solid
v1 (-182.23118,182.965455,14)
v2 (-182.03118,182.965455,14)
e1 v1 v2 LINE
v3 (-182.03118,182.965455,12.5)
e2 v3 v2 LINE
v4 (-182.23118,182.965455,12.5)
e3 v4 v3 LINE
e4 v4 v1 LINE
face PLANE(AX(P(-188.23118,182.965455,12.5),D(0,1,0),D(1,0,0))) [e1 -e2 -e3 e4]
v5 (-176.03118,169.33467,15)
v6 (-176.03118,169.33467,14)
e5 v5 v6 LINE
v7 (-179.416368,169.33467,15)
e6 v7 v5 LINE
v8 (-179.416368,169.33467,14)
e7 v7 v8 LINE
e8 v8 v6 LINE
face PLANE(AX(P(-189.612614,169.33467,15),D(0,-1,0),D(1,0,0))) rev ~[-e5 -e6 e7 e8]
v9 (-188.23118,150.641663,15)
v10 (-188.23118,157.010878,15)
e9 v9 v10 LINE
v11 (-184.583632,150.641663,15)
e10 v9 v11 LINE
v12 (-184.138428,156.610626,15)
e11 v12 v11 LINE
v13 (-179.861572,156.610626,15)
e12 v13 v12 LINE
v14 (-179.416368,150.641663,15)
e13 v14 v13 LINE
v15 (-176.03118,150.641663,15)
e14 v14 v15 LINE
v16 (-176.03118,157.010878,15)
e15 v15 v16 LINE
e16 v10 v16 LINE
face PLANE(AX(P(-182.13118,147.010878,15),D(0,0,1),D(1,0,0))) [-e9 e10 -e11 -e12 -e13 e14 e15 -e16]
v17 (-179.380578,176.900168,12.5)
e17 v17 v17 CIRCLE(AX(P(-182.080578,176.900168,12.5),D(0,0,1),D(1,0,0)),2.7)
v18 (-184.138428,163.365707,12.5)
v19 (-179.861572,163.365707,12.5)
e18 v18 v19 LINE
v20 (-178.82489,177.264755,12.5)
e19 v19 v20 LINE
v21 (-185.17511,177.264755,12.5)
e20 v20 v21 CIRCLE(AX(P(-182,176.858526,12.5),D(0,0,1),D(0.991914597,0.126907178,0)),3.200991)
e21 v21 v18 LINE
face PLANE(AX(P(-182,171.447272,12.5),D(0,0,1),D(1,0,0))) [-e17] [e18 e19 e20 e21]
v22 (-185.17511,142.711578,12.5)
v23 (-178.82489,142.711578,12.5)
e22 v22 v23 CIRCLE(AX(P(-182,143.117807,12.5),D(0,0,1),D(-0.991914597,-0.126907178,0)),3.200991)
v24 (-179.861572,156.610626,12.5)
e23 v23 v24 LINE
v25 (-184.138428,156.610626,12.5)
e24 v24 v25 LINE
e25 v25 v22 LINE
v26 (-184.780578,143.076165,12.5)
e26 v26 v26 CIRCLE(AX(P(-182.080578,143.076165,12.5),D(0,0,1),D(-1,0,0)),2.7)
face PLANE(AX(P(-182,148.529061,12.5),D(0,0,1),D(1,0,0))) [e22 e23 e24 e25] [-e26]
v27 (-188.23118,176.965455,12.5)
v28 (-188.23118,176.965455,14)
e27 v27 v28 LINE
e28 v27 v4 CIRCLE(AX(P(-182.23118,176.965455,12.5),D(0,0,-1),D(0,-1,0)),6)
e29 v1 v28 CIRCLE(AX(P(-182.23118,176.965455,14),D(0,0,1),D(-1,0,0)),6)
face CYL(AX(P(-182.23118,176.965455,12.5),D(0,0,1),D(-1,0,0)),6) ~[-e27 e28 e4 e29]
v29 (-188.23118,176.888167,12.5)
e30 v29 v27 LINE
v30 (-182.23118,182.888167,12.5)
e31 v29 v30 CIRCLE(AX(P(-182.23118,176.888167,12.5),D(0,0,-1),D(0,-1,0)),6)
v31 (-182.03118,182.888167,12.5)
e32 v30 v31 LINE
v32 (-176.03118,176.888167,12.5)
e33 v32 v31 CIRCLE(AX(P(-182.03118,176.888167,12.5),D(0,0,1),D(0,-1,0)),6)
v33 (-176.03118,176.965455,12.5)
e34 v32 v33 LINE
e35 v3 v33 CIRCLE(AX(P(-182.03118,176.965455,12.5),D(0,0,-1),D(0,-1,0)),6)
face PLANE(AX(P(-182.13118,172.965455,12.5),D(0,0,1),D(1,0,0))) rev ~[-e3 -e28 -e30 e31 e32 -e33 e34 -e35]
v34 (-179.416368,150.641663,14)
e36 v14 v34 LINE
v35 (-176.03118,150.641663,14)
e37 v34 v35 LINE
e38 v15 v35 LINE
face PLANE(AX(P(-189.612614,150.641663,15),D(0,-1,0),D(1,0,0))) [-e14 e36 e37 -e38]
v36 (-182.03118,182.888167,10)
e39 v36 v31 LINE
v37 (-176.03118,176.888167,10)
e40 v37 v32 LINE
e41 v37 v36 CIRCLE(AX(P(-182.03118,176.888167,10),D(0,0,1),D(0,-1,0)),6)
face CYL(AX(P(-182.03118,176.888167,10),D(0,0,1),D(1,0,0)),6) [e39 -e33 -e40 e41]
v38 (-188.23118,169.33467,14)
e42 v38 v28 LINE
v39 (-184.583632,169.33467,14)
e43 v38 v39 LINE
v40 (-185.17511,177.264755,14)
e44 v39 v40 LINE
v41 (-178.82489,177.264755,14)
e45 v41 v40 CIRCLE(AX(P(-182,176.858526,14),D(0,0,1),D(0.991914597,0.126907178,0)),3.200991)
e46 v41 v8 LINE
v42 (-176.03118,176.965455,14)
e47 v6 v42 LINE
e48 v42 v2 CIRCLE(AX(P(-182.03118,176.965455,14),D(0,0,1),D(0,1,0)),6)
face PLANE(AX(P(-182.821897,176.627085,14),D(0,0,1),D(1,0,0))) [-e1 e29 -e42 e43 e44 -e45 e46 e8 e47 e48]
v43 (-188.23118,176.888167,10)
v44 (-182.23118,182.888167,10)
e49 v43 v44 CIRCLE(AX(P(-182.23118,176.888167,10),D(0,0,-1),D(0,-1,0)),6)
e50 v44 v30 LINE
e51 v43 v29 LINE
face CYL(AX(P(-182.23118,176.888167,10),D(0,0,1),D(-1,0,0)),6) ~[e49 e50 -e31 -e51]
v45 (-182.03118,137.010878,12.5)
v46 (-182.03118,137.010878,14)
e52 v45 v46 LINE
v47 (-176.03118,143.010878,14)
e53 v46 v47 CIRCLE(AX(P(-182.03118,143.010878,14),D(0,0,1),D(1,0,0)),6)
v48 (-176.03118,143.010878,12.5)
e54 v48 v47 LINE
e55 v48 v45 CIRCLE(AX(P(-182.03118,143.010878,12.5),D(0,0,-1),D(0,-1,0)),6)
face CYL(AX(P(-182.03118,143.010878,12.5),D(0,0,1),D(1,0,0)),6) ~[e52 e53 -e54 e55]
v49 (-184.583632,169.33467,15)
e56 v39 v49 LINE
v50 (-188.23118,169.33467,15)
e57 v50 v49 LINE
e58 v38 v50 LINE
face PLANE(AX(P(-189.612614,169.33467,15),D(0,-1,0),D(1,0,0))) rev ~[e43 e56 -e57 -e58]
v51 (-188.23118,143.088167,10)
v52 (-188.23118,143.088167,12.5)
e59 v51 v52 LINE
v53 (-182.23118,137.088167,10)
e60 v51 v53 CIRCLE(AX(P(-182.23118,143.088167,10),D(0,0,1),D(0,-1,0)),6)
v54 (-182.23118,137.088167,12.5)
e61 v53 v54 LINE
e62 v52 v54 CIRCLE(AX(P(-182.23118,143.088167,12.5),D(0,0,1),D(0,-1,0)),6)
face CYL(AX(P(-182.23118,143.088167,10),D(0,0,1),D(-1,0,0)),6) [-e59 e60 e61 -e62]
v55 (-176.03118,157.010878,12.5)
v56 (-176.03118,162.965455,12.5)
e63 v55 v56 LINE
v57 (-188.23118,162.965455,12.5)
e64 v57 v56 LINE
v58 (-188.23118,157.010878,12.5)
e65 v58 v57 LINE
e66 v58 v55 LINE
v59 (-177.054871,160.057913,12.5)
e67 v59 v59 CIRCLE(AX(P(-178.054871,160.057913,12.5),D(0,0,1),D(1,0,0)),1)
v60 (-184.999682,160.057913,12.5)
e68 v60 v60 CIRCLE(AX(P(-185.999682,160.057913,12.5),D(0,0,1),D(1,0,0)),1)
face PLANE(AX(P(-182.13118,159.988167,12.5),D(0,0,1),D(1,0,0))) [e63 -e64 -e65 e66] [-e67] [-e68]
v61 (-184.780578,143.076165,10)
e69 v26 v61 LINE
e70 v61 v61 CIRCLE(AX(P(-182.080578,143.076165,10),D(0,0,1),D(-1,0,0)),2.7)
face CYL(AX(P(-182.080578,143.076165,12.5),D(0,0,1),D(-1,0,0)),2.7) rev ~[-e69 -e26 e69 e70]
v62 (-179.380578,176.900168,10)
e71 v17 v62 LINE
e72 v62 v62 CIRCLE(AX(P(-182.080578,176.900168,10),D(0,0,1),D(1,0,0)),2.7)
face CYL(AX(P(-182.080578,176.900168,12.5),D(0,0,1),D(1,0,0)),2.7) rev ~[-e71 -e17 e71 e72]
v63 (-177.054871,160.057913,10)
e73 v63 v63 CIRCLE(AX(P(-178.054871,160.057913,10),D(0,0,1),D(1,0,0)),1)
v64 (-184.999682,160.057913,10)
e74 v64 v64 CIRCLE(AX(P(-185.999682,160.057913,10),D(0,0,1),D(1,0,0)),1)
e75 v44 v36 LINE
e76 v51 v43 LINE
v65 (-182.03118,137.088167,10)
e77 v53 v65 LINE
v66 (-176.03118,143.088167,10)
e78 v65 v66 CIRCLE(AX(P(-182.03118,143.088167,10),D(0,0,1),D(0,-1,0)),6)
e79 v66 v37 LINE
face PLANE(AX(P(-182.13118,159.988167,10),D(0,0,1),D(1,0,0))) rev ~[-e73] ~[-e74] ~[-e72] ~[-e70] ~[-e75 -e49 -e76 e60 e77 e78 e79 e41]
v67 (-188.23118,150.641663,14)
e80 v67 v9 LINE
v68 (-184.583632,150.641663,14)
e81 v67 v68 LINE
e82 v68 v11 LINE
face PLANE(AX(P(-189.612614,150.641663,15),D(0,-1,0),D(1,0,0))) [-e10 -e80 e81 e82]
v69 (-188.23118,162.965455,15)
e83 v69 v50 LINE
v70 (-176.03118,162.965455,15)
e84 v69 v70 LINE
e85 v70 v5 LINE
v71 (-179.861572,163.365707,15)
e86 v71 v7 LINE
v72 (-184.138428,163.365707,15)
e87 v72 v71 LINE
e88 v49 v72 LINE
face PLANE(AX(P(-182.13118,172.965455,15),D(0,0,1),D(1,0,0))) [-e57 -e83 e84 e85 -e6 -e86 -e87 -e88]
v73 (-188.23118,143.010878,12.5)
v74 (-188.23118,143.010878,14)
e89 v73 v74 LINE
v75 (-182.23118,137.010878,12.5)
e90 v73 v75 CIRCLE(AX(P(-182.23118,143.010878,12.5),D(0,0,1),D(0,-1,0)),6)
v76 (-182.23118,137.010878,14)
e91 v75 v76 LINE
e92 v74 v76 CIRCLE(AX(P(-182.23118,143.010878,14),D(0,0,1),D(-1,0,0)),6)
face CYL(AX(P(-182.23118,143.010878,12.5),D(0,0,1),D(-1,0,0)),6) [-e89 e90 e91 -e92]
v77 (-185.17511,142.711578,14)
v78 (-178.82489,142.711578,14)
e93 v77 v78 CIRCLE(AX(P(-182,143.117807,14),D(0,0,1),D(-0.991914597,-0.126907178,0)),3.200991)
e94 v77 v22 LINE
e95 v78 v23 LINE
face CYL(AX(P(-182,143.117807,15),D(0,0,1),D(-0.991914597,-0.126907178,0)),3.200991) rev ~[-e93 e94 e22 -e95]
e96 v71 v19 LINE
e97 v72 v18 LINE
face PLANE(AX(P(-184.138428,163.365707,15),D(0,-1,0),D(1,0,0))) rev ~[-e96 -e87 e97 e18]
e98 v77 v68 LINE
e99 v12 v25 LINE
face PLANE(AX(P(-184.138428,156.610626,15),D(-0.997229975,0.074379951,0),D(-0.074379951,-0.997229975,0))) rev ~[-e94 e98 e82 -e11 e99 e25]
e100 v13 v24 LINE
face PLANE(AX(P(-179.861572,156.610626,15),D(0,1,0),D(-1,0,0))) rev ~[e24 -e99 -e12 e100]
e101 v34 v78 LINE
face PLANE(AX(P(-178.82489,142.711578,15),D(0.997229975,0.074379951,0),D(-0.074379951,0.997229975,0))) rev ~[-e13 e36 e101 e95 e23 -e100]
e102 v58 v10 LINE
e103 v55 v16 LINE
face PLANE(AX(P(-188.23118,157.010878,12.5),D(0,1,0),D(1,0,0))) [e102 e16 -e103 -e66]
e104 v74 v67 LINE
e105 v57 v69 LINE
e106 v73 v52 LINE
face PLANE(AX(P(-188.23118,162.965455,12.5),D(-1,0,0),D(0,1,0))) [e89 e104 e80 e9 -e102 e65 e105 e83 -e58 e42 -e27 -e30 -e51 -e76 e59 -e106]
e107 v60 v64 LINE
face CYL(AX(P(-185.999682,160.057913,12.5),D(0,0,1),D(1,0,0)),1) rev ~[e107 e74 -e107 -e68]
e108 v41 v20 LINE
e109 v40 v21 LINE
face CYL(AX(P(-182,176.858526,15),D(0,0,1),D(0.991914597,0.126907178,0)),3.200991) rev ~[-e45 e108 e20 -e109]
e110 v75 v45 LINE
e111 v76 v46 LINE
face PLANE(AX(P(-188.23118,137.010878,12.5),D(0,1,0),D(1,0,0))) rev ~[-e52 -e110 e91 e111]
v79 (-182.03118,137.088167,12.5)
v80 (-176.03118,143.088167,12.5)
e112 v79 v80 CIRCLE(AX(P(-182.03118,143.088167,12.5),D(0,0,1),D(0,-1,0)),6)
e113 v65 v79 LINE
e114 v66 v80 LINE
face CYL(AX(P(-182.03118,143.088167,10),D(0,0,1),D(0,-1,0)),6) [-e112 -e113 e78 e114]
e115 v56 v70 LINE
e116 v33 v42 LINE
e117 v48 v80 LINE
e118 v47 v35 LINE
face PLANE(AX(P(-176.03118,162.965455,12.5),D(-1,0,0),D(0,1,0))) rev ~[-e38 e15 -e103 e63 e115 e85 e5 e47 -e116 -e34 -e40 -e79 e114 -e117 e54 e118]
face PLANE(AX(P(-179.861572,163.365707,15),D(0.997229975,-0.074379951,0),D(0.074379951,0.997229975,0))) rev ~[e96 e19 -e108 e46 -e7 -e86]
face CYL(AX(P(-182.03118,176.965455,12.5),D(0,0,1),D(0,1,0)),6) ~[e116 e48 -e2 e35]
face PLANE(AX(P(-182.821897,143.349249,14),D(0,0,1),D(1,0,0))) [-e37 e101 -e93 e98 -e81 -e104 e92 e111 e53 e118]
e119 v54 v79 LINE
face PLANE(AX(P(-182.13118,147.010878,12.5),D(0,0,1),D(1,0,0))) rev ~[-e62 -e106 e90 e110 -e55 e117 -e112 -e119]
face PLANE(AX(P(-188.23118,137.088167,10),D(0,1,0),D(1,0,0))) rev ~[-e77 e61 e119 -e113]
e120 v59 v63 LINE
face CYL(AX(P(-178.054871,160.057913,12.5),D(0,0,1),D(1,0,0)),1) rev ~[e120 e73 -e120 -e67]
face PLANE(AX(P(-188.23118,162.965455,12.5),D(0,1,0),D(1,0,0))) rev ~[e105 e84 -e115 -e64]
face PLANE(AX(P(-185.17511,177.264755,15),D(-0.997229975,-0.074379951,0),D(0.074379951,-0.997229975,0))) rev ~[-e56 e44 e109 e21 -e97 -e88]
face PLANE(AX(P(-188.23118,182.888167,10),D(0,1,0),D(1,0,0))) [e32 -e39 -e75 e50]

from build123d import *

# Parameters (mm, degrees)
SKETCH1_W           = 12.2
SKETCH1_H           = 45.8
BOSS_EXTRUDE1_DEPTH = 2.5
FILLET1_R           = 6
SKETCH2_W           = 12.2
SKETCH2_H           = 20
BOSS_EXTRUDE2_DEPTH = 2.5
FILLET2_R           = 6
SKETCH3_R           = 1
CUT_EXTRUDE1_DEPTH  = 2.5
CUT_EXTRUDE2_DEPTH  = 2.5
SKETCH5_R           = 2.7
CUT_EXTRUDE3_DEPTH  = 2.5
SKETCH6_W           = 13.581434372
SKETCH6_H           = 14.584829414
CUT_EXTRUDE4_DEPTH  = 1


with BuildPart() as part:
    # Sketch1 → Boss-Extrude1 (new body)
    with BuildSketch(Plane.XY.offset(10)):
        with Locations((-182.131179691, 159.988166791)):
            Rectangle(SKETCH1_W, SKETCH1_H)
    extrude(amount=BOSS_EXTRUDE1_DEPTH)

    # Fillet1
    fillet1_edges = [part.edges().sort_by_distance(p)[0] for p in [
        (-188.231179691, 182.888166791, 11.25),
        (-176.031179691, 182.888166791, 11.25),
        (-176.031179691, 137.088166791, 11.25),
        (-188.231179691, 137.088166791, 11.25),
    ]]
    fillet(fillet1_edges, radius=FILLET1_R)

    # Sketch2 → Boss-Extrude2 (add)
    with BuildSketch(Plane.XY.offset(12.5)):
        with Locations((-182.131179691, 172.965455297)):
            Rectangle(SKETCH2_W, SKETCH2_H)
        with Locations((-182.131179691, 147.010878284)):
            Rectangle(SKETCH2_W, SKETCH2_H)
    extrude(amount=BOSS_EXTRUDE2_DEPTH)

    # Fillet2
    fillet2_edges = [part.edges().sort_by_distance(p)[0] for p in [
        (-176.031179691, 182.965455297, 13.75),
        (-188.231179691, 182.965455297, 13.75),
        (-176.031179691, 137.010878284, 13.75),
        (-188.231179691, 137.010878284, 13.75),
    ]]
    fillet(fillet2_edges, radius=FILLET2_R)

    # Sketch3 → Cut-Extrude1 (cut)
    with BuildSketch(Plane.XY.offset(12.5)):
        with Locations((-185.999682024, 160.057912714)):
            Circle(SKETCH3_R)
        with Locations((-178.054871456, 160.057912714)):
            Circle(SKETCH3_R)
    extrude(amount=-CUT_EXTRUDE1_DEPTH, mode=Mode.SUBTRACT)

    # Sketch4 → Cut-Extrude2 (cut)
    with BuildSketch(Plane.XY.offset(15)):
        with BuildLine():
            Line((-184.138427734, 163.365707397), (-179.861572266, 163.365707397))
            Line((-179.861572266, 163.365707397), (-178.824890137, 177.264755249))
            ThreePointArc((-178.824890137, 177.264755249), (-182, 180.059517658), (-185.175109863, 177.264755249))
            Line((-185.175109863, 177.264755249), (-184.138427734, 163.365707397))
        make_face()
        with BuildLine():
            Line((-184.138427734, 156.610626184), (-185.175109863, 142.711578332))
            ThreePointArc((-185.175109863, 142.711578332), (-182, 139.916815923), (-178.824890137, 142.711578332))
            Line((-178.824890137, 142.711578332), (-179.861572266, 156.610626184))
            Line((-179.861572266, 156.610626184), (-184.138427734, 156.610626184))
        make_face()
    extrude(amount=-CUT_EXTRUDE2_DEPTH, mode=Mode.SUBTRACT)

    # Sketch5 → Cut-Extrude3 (cut)
    with BuildSketch(Plane.XY.offset(12.5)):
        with Locations((-182.080577922, 176.90016829)):
            Circle(SKETCH5_R)
        with Locations(Location((-182.080577922, 143.076165291, 0), (0, 0, 180))):
            Circle(SKETCH5_R)
    extrude(amount=-CUT_EXTRUDE3_DEPTH, mode=Mode.SUBTRACT)

    # Sketch6 → Cut-Extrude4 (cut)
    with BuildSketch(Plane.XY.offset(15)):
        with Locations((-182.821896877, 176.627084813)):
            Rectangle(SKETCH6_W, SKETCH6_H)
        with Locations((-182.821896877, 143.349248768)):
            Rectangle(SKETCH6_W, SKETCH6_H)
    extrude(amount=-CUT_EXTRUDE4_DEPTH, mode=Mode.SUBTRACT)


solid = part.part
